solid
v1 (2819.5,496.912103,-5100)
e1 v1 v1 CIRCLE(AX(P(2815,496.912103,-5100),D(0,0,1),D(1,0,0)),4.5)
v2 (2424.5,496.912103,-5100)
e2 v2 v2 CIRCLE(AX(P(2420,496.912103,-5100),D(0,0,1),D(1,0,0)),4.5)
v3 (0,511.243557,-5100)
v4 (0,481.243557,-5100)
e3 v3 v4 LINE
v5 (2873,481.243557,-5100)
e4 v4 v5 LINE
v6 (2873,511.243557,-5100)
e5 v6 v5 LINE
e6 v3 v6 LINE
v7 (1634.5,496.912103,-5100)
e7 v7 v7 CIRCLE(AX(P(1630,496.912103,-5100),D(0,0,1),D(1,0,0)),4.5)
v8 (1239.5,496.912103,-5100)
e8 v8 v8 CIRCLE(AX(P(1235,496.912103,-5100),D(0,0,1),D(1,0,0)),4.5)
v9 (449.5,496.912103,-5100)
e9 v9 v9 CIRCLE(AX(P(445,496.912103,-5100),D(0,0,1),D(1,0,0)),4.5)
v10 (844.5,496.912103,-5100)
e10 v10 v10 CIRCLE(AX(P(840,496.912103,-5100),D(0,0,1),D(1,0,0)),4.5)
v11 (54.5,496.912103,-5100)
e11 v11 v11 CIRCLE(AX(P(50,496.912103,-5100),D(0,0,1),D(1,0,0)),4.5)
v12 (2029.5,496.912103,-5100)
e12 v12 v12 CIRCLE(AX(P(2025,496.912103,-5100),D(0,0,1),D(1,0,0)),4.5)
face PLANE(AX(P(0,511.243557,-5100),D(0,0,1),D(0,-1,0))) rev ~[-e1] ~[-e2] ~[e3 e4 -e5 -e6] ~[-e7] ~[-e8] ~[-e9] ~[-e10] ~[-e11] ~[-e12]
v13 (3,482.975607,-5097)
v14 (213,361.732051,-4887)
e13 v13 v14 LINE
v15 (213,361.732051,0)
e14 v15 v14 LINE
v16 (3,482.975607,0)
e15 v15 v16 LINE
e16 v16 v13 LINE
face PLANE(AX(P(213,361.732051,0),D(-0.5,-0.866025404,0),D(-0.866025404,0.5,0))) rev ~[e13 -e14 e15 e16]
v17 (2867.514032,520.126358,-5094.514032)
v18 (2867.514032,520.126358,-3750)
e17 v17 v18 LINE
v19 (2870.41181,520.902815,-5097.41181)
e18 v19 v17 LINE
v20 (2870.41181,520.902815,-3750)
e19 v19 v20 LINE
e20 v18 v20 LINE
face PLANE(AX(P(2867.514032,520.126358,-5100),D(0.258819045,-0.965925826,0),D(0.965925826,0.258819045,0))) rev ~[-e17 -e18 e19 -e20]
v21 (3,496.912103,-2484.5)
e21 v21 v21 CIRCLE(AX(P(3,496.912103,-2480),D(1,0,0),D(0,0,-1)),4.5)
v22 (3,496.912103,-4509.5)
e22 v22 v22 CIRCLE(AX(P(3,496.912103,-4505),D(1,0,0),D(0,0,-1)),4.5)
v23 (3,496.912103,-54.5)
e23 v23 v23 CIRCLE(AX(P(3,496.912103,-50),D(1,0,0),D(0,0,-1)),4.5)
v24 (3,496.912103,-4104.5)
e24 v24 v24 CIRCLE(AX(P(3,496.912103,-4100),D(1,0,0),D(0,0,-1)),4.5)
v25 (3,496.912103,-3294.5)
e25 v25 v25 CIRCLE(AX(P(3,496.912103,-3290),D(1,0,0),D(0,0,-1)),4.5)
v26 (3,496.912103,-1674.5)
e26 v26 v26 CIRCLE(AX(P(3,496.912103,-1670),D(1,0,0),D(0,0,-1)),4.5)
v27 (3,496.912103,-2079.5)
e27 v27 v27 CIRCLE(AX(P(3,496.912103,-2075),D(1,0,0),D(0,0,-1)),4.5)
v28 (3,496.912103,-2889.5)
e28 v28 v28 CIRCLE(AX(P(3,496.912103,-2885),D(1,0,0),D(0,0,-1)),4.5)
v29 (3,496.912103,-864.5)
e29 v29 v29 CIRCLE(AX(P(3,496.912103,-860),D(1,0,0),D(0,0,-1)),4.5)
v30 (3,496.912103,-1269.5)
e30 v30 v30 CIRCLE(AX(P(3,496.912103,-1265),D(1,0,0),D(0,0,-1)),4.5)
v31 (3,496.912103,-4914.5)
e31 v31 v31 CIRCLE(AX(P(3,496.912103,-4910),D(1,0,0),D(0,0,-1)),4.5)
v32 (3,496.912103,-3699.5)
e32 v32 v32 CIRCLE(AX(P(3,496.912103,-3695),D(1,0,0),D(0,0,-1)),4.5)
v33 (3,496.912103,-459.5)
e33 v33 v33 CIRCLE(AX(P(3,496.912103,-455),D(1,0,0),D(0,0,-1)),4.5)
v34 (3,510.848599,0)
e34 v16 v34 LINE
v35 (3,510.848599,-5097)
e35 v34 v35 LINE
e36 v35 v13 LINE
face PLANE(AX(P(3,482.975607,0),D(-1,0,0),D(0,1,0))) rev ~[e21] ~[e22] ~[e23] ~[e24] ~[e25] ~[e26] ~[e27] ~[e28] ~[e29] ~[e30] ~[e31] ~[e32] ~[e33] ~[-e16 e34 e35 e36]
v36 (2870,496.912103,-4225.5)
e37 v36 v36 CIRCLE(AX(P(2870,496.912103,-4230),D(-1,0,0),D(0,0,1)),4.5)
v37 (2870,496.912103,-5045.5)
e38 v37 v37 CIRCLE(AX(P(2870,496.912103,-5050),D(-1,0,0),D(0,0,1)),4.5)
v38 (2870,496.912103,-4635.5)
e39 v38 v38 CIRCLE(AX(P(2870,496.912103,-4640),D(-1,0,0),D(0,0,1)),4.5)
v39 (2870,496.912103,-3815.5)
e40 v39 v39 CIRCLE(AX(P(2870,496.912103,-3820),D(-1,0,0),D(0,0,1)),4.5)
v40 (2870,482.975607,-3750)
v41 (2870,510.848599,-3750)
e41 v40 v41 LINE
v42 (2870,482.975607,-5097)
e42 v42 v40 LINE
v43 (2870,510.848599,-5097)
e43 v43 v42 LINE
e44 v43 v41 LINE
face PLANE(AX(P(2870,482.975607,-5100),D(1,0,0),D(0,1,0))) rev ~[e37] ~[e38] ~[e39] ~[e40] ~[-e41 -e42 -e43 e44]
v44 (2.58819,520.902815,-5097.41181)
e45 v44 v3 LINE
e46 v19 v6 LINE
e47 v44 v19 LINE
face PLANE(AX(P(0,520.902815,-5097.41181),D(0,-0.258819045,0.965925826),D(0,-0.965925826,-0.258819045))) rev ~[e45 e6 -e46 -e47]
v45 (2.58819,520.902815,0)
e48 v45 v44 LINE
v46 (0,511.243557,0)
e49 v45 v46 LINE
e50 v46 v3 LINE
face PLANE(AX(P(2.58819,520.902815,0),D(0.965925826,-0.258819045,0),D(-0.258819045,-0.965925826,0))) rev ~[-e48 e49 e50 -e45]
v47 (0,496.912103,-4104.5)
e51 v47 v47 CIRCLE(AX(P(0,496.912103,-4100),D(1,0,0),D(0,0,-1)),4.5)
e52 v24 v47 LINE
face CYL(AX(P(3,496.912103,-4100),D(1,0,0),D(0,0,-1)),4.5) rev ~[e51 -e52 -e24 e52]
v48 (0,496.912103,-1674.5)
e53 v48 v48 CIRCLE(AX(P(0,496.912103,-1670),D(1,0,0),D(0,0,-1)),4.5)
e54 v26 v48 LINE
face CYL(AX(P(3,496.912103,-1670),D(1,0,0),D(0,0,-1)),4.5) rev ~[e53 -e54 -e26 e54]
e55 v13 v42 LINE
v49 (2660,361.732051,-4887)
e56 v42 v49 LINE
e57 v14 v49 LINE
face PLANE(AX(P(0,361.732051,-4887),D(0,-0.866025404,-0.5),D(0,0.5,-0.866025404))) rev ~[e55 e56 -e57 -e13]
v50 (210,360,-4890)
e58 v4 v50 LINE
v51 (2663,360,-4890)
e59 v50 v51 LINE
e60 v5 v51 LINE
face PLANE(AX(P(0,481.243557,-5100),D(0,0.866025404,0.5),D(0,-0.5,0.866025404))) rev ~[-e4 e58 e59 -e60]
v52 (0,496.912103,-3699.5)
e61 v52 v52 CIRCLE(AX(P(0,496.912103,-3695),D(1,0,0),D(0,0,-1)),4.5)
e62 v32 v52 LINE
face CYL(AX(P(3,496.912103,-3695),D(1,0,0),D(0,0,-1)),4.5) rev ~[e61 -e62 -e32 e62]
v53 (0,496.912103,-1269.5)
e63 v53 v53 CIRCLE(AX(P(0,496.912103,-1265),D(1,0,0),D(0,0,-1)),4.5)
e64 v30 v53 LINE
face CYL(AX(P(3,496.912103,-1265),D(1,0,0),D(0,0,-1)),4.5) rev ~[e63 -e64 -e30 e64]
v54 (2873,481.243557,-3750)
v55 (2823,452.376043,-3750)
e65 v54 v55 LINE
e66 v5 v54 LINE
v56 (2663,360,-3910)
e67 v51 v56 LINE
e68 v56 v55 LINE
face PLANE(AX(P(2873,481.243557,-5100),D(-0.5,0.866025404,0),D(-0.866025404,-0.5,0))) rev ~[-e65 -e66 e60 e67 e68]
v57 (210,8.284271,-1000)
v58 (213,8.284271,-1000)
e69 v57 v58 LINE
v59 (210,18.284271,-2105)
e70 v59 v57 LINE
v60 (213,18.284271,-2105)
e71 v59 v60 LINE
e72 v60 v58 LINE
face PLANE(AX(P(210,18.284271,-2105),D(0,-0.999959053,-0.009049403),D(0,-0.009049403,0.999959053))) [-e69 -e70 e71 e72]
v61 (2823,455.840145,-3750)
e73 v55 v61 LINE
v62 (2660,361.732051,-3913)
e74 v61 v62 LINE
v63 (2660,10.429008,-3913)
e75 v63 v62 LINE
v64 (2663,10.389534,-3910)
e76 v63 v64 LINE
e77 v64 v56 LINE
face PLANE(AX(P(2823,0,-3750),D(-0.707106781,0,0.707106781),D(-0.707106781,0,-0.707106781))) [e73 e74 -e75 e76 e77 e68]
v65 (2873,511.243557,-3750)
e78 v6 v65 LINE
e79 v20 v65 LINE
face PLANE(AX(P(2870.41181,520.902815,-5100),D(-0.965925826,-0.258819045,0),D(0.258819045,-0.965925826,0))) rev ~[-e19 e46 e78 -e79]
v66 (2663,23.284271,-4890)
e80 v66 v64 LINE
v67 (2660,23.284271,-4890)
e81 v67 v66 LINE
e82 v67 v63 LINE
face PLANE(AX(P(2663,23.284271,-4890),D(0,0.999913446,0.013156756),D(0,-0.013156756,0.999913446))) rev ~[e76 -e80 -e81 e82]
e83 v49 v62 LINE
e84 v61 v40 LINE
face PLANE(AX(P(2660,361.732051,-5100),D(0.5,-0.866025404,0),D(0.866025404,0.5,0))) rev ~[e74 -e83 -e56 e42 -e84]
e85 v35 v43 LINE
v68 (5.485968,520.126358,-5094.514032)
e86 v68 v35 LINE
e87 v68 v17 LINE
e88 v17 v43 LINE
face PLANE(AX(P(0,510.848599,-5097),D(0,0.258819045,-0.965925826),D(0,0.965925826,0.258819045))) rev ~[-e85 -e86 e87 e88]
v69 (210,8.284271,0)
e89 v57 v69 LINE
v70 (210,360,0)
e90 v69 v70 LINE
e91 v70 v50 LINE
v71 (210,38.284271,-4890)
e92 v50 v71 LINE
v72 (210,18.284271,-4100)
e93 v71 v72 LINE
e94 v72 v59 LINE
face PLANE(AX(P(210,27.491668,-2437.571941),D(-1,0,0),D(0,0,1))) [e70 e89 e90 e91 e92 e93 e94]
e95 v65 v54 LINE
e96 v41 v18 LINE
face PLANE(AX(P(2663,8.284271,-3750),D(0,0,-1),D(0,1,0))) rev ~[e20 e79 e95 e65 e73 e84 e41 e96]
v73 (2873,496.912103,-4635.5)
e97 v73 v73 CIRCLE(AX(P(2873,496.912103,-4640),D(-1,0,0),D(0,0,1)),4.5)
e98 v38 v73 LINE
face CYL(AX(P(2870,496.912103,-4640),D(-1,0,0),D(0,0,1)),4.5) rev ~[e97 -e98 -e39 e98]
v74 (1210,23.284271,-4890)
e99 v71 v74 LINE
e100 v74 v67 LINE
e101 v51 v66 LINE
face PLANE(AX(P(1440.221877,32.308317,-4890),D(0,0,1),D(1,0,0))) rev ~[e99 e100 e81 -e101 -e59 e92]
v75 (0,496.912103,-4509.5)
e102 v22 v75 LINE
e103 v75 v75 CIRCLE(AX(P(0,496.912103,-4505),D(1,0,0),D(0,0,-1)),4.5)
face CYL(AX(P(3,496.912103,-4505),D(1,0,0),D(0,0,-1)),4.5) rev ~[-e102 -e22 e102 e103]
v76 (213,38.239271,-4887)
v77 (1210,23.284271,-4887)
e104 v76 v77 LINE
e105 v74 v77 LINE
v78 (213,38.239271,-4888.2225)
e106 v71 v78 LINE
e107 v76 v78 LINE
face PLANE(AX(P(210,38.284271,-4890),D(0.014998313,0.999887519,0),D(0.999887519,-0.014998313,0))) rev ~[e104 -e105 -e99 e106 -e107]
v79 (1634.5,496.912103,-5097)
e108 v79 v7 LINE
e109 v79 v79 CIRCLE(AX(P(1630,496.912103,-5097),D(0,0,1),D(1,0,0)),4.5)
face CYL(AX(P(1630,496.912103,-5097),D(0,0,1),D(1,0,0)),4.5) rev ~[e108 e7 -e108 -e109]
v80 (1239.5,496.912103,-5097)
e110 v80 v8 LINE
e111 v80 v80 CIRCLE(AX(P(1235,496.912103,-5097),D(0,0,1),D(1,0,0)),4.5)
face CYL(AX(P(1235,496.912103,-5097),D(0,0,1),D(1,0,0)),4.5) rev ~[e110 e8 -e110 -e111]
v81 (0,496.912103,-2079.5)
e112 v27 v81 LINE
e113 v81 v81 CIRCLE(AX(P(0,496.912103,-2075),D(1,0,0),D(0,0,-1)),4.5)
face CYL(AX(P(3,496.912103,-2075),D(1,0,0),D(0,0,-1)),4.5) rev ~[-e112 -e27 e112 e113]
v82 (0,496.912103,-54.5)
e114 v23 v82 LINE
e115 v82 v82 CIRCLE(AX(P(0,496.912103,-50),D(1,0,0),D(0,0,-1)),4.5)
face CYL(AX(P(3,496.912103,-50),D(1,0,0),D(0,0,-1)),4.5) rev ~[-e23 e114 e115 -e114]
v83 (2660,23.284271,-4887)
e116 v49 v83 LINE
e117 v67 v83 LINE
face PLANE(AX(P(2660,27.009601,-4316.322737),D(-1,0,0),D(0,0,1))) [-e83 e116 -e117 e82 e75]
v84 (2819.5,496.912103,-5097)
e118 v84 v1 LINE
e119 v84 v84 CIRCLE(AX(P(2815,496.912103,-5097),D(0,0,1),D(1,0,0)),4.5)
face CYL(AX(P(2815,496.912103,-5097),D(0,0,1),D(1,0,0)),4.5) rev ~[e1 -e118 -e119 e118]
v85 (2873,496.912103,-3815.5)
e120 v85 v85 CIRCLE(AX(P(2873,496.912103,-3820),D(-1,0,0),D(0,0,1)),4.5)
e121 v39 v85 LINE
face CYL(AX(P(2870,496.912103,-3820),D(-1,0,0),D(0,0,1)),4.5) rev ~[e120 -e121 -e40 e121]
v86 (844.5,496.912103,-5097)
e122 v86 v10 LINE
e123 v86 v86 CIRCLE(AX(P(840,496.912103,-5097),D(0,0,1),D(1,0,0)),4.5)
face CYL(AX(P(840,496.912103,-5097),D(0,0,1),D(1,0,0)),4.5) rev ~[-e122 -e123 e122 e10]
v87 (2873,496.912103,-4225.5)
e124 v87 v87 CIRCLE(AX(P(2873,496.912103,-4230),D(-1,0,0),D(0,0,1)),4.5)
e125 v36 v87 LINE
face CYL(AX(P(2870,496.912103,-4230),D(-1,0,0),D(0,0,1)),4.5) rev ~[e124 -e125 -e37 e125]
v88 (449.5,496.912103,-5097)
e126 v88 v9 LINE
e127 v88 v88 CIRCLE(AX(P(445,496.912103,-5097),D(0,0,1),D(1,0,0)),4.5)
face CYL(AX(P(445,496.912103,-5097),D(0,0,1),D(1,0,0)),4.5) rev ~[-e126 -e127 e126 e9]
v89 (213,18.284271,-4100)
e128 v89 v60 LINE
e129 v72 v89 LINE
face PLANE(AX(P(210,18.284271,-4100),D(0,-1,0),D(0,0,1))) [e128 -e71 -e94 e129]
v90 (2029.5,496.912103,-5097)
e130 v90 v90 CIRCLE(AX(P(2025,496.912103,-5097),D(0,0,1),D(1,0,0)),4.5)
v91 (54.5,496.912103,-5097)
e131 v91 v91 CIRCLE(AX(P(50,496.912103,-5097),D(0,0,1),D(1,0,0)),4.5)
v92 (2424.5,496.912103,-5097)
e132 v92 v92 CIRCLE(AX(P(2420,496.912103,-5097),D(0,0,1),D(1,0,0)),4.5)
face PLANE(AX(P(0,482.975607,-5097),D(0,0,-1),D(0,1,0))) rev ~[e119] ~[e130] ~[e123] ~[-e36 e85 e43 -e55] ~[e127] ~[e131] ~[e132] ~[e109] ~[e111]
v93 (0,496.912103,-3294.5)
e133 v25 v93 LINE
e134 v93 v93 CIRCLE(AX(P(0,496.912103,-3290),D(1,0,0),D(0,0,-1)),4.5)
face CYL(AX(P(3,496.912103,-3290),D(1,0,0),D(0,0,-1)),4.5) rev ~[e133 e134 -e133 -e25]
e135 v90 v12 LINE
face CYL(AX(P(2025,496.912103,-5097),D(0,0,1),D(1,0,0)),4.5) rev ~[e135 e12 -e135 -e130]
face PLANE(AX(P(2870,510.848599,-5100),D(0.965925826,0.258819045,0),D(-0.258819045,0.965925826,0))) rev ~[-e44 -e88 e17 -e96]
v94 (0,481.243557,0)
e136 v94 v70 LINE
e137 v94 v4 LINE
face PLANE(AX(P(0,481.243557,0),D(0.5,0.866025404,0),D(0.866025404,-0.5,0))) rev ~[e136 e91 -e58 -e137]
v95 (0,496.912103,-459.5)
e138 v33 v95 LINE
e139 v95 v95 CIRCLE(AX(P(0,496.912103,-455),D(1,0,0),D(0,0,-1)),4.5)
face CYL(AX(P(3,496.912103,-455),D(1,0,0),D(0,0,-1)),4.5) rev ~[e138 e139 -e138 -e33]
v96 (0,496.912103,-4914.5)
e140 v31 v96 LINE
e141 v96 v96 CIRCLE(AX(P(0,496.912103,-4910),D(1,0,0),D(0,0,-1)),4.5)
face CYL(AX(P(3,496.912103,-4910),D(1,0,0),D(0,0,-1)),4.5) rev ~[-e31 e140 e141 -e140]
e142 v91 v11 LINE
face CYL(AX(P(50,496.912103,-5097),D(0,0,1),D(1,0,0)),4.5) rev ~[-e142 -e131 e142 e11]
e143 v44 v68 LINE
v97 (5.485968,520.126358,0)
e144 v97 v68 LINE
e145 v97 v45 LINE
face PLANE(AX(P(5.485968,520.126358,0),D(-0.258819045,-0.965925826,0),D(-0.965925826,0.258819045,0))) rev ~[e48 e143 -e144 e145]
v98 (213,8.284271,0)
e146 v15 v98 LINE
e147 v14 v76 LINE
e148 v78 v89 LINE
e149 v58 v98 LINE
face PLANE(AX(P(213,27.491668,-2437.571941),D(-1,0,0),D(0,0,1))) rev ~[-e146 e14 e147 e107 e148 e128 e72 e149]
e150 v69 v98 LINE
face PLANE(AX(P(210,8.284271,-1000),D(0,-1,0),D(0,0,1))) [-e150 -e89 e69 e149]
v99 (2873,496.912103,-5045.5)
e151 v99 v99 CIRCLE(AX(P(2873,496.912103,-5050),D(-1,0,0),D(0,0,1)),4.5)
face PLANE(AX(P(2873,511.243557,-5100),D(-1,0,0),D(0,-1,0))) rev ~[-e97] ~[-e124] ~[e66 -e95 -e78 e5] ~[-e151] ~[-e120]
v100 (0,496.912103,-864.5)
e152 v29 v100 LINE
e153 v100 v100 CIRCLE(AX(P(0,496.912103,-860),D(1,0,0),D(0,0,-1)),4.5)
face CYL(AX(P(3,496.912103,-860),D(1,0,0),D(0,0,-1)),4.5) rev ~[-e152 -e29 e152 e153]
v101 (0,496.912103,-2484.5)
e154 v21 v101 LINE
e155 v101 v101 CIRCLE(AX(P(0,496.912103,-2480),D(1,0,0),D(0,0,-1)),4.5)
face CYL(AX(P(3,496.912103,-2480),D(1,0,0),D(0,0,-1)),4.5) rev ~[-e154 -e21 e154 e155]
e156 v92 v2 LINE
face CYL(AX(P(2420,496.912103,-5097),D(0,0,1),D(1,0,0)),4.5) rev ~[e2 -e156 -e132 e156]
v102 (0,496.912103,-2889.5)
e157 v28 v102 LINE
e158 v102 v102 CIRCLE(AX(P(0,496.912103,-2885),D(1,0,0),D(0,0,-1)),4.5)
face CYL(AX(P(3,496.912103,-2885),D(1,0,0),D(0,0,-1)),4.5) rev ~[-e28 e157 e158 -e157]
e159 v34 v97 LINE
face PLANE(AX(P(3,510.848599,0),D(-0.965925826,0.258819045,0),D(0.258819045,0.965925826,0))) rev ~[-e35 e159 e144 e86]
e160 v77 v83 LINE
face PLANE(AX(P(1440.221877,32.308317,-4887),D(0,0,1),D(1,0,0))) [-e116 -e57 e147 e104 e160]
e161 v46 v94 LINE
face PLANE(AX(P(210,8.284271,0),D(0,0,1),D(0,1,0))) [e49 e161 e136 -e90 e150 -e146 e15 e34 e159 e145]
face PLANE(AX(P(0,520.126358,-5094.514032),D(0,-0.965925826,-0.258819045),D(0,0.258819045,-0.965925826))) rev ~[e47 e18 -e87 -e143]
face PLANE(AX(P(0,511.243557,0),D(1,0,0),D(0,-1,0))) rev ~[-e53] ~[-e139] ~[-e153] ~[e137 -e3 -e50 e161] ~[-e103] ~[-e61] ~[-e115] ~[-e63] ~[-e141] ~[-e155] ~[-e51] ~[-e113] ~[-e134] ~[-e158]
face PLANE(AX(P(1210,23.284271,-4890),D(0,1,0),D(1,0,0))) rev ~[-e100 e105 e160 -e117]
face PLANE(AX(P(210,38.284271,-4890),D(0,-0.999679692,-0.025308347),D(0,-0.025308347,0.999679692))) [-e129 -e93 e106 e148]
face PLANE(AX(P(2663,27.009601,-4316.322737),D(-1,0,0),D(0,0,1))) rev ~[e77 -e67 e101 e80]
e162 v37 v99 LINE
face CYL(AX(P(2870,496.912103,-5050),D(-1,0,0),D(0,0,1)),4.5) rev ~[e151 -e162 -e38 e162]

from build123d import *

# Parameters (mm, degrees)
AUFSATZ_LINEAR_AUSTRAGEN1_DEPTH      = 3
AUFSATZ_LINEAR_AUSTRAGEN2_DEPTH      = 3
AUFSATZ_LINEAR_AUSTRAGEN3_DEPTH      = 3
SCHNITT_LINEAR_AUSTRAGEN1_DEPTH      = 521.902814793
SCHNITT_LINEAR_AUSTRAGEN1_DEPTH_BACK = 1
SKIZZE14_R                           = 4.5
SCHNITT_LINEAR_AUSTRAGEN5_DEPTH      = 10
LINEARES_MUSTER1_COUNT               = 13
LINEARES_MUSTER1_PITCH               = 405
SKIZZE15_R                           = 4.5
SCHNITT_LINEAR_AUSTRAGEN6_DEPTH      = 10
LINEARES_MUSTER2_COUNT               = 13
LINEARES_MUSTER2_PITCH               = 395
SKIZZE16_R                           = 4.5
SCHNITT_LINEAR_AUSTRAGEN7_DEPTH      = 10
LINEARES_MUSTER3_COUNT               = 4
LINEARES_MUSTER3_PITCH               = 410


with BuildPart() as part:
    # Austragung1: sweep along a path in Skizze2
    with BuildLine(Plane(origin=(0, 0, 0), x_dir=(1, 0, 0), z_dir=(0, 1, 0))) as austragung1_path:
        Line((0, 0), (0, 5100))
        Line((0, 5100), (2873, 5100))
        Line((2873, 5100), (2873, 3750))
    # Skizze1 → Austragung1 (sweep)
    with BuildSketch(Plane.XY):
        Polygon((0, 511.24355653), (0, 481.24355653), (210, 360), (210, 38.284271247), (213, 38.284271247), (213, 361.732050808), (3, 482.975607337), (3, 510.848599037), (5.48596793, 520.126357657), (2.588190451, 520.902814793), align=None)
    sweep(path=austragung1_path.line, transition=Transition.RIGHT)

    # Skizze4 → Aufsatz-Linear austragen1 (add)
    with BuildSketch(Plane.ZY.offset(-210)):
        Polygon((-4890, 38.284271247), (-4100, 18.284271247), (-2105, 18.284271247), (-1000, 8.284271247), (0, 8.284271247), (0, 38.284271247), align=None)
    extrude(amount=-AUFSATZ_LINEAR_AUSTRAGEN1_DEPTH)

    # Skizze6 → Aufsatz-Linear austragen2 (add)
    with BuildSketch(Plane(origin=(0, 0, -4890), x_dir=(-1, 0, 0), z_dir=(0, 0, -1))):
        Polygon((-210, 38.284271247), (-1210, 23.284271247), (-2663, 23.284271247), (-2663, 38.284271247), align=None)
    extrude(amount=-AUFSATZ_LINEAR_AUSTRAGEN2_DEPTH)

    # Skizze7 → Aufsatz-Linear austragen3 (add)
    with BuildSketch(Plane(origin=(2663, 0, 0), x_dir=(0, 0, -1), z_dir=(1, 0, 0))):
        Polygon((4890, 23.284271247), (3750, 8.284271247), (3750, 38.284271247), (4890, 38.284271247), align=None)
    extrude(amount=-AUFSATZ_LINEAR_AUSTRAGEN3_DEPTH)

    # Skizze8 → Schnitt-Linear austragen1 (cut, two sides)
    with BuildSketch(Plane(origin=(0, 0, 0), x_dir=(1, 0, 0), z_dir=(0, 1, 0))) as schnitt_linear_austragen1_sk:
        Polygon((2823, 3750), (2637.076527488, 3935.923472512), (2637.076527488, 3750), align=None)
    extrude(amount=SCHNITT_LINEAR_AUSTRAGEN1_DEPTH, mode=Mode.SUBTRACT)
    extrude(schnitt_linear_austragen1_sk.sketch, amount=-SCHNITT_LINEAR_AUSTRAGEN1_DEPTH_BACK, mode=Mode.SUBTRACT)

    # Skizze14 → Schnitt-Linear austragen5 (cut)
    with BuildSketch(Plane(origin=(3, 0, 0), x_dir=(0, 0, -1), z_dir=(1, 0, 0))):
        with Locations((50, 496.912103187)):
            Circle(SKIZZE14_R)
    schnitt_linear_austragen5 = extrude(amount=-SCHNITT_LINEAR_AUSTRAGEN5_DEPTH, mode=Mode.SUBTRACT)

    # Lineares Muster1: Schnitt-Linear austragen5 ×13
    with Locations(*[(0, 0, -i * LINEARES_MUSTER1_PITCH) for i in range(1, LINEARES_MUSTER1_COUNT)]):
        add(schnitt_linear_austragen5, mode=Mode.SUBTRACT)

    # Skizze15 → Schnitt-Linear austragen6 (cut)
    with BuildSketch(Plane.XY.offset(-5097)):
        with Locations((50, 496.912103187)):
            Circle(SKIZZE15_R)
    schnitt_linear_austragen6 = extrude(amount=-SCHNITT_LINEAR_AUSTRAGEN6_DEPTH, mode=Mode.SUBTRACT)

    # Lineares Muster2: Schnitt-Linear austragen6 ×13
    with Locations(*[(i * LINEARES_MUSTER2_PITCH, 0, 0) for i in range(1, LINEARES_MUSTER2_COUNT)]):
        add(schnitt_linear_austragen6, mode=Mode.SUBTRACT)

    # Skizze16 → Schnitt-Linear austragen7 (cut)
    with BuildSketch(Plane.ZY.offset(-2870)):
        with Locations((-5050, 496.912103187)):
            Circle(SKIZZE16_R)
    schnitt_linear_austragen7 = extrude(amount=-SCHNITT_LINEAR_AUSTRAGEN7_DEPTH, mode=Mode.SUBTRACT)

    # Lineares Muster3: Schnitt-Linear austragen7 ×4
    with Locations(*[(0, 0, i * LINEARES_MUSTER3_PITCH) for i in range(1, LINEARES_MUSTER3_COUNT)]):
        add(schnitt_linear_austragen7, mode=Mode.SUBTRACT)


solid = part.part
